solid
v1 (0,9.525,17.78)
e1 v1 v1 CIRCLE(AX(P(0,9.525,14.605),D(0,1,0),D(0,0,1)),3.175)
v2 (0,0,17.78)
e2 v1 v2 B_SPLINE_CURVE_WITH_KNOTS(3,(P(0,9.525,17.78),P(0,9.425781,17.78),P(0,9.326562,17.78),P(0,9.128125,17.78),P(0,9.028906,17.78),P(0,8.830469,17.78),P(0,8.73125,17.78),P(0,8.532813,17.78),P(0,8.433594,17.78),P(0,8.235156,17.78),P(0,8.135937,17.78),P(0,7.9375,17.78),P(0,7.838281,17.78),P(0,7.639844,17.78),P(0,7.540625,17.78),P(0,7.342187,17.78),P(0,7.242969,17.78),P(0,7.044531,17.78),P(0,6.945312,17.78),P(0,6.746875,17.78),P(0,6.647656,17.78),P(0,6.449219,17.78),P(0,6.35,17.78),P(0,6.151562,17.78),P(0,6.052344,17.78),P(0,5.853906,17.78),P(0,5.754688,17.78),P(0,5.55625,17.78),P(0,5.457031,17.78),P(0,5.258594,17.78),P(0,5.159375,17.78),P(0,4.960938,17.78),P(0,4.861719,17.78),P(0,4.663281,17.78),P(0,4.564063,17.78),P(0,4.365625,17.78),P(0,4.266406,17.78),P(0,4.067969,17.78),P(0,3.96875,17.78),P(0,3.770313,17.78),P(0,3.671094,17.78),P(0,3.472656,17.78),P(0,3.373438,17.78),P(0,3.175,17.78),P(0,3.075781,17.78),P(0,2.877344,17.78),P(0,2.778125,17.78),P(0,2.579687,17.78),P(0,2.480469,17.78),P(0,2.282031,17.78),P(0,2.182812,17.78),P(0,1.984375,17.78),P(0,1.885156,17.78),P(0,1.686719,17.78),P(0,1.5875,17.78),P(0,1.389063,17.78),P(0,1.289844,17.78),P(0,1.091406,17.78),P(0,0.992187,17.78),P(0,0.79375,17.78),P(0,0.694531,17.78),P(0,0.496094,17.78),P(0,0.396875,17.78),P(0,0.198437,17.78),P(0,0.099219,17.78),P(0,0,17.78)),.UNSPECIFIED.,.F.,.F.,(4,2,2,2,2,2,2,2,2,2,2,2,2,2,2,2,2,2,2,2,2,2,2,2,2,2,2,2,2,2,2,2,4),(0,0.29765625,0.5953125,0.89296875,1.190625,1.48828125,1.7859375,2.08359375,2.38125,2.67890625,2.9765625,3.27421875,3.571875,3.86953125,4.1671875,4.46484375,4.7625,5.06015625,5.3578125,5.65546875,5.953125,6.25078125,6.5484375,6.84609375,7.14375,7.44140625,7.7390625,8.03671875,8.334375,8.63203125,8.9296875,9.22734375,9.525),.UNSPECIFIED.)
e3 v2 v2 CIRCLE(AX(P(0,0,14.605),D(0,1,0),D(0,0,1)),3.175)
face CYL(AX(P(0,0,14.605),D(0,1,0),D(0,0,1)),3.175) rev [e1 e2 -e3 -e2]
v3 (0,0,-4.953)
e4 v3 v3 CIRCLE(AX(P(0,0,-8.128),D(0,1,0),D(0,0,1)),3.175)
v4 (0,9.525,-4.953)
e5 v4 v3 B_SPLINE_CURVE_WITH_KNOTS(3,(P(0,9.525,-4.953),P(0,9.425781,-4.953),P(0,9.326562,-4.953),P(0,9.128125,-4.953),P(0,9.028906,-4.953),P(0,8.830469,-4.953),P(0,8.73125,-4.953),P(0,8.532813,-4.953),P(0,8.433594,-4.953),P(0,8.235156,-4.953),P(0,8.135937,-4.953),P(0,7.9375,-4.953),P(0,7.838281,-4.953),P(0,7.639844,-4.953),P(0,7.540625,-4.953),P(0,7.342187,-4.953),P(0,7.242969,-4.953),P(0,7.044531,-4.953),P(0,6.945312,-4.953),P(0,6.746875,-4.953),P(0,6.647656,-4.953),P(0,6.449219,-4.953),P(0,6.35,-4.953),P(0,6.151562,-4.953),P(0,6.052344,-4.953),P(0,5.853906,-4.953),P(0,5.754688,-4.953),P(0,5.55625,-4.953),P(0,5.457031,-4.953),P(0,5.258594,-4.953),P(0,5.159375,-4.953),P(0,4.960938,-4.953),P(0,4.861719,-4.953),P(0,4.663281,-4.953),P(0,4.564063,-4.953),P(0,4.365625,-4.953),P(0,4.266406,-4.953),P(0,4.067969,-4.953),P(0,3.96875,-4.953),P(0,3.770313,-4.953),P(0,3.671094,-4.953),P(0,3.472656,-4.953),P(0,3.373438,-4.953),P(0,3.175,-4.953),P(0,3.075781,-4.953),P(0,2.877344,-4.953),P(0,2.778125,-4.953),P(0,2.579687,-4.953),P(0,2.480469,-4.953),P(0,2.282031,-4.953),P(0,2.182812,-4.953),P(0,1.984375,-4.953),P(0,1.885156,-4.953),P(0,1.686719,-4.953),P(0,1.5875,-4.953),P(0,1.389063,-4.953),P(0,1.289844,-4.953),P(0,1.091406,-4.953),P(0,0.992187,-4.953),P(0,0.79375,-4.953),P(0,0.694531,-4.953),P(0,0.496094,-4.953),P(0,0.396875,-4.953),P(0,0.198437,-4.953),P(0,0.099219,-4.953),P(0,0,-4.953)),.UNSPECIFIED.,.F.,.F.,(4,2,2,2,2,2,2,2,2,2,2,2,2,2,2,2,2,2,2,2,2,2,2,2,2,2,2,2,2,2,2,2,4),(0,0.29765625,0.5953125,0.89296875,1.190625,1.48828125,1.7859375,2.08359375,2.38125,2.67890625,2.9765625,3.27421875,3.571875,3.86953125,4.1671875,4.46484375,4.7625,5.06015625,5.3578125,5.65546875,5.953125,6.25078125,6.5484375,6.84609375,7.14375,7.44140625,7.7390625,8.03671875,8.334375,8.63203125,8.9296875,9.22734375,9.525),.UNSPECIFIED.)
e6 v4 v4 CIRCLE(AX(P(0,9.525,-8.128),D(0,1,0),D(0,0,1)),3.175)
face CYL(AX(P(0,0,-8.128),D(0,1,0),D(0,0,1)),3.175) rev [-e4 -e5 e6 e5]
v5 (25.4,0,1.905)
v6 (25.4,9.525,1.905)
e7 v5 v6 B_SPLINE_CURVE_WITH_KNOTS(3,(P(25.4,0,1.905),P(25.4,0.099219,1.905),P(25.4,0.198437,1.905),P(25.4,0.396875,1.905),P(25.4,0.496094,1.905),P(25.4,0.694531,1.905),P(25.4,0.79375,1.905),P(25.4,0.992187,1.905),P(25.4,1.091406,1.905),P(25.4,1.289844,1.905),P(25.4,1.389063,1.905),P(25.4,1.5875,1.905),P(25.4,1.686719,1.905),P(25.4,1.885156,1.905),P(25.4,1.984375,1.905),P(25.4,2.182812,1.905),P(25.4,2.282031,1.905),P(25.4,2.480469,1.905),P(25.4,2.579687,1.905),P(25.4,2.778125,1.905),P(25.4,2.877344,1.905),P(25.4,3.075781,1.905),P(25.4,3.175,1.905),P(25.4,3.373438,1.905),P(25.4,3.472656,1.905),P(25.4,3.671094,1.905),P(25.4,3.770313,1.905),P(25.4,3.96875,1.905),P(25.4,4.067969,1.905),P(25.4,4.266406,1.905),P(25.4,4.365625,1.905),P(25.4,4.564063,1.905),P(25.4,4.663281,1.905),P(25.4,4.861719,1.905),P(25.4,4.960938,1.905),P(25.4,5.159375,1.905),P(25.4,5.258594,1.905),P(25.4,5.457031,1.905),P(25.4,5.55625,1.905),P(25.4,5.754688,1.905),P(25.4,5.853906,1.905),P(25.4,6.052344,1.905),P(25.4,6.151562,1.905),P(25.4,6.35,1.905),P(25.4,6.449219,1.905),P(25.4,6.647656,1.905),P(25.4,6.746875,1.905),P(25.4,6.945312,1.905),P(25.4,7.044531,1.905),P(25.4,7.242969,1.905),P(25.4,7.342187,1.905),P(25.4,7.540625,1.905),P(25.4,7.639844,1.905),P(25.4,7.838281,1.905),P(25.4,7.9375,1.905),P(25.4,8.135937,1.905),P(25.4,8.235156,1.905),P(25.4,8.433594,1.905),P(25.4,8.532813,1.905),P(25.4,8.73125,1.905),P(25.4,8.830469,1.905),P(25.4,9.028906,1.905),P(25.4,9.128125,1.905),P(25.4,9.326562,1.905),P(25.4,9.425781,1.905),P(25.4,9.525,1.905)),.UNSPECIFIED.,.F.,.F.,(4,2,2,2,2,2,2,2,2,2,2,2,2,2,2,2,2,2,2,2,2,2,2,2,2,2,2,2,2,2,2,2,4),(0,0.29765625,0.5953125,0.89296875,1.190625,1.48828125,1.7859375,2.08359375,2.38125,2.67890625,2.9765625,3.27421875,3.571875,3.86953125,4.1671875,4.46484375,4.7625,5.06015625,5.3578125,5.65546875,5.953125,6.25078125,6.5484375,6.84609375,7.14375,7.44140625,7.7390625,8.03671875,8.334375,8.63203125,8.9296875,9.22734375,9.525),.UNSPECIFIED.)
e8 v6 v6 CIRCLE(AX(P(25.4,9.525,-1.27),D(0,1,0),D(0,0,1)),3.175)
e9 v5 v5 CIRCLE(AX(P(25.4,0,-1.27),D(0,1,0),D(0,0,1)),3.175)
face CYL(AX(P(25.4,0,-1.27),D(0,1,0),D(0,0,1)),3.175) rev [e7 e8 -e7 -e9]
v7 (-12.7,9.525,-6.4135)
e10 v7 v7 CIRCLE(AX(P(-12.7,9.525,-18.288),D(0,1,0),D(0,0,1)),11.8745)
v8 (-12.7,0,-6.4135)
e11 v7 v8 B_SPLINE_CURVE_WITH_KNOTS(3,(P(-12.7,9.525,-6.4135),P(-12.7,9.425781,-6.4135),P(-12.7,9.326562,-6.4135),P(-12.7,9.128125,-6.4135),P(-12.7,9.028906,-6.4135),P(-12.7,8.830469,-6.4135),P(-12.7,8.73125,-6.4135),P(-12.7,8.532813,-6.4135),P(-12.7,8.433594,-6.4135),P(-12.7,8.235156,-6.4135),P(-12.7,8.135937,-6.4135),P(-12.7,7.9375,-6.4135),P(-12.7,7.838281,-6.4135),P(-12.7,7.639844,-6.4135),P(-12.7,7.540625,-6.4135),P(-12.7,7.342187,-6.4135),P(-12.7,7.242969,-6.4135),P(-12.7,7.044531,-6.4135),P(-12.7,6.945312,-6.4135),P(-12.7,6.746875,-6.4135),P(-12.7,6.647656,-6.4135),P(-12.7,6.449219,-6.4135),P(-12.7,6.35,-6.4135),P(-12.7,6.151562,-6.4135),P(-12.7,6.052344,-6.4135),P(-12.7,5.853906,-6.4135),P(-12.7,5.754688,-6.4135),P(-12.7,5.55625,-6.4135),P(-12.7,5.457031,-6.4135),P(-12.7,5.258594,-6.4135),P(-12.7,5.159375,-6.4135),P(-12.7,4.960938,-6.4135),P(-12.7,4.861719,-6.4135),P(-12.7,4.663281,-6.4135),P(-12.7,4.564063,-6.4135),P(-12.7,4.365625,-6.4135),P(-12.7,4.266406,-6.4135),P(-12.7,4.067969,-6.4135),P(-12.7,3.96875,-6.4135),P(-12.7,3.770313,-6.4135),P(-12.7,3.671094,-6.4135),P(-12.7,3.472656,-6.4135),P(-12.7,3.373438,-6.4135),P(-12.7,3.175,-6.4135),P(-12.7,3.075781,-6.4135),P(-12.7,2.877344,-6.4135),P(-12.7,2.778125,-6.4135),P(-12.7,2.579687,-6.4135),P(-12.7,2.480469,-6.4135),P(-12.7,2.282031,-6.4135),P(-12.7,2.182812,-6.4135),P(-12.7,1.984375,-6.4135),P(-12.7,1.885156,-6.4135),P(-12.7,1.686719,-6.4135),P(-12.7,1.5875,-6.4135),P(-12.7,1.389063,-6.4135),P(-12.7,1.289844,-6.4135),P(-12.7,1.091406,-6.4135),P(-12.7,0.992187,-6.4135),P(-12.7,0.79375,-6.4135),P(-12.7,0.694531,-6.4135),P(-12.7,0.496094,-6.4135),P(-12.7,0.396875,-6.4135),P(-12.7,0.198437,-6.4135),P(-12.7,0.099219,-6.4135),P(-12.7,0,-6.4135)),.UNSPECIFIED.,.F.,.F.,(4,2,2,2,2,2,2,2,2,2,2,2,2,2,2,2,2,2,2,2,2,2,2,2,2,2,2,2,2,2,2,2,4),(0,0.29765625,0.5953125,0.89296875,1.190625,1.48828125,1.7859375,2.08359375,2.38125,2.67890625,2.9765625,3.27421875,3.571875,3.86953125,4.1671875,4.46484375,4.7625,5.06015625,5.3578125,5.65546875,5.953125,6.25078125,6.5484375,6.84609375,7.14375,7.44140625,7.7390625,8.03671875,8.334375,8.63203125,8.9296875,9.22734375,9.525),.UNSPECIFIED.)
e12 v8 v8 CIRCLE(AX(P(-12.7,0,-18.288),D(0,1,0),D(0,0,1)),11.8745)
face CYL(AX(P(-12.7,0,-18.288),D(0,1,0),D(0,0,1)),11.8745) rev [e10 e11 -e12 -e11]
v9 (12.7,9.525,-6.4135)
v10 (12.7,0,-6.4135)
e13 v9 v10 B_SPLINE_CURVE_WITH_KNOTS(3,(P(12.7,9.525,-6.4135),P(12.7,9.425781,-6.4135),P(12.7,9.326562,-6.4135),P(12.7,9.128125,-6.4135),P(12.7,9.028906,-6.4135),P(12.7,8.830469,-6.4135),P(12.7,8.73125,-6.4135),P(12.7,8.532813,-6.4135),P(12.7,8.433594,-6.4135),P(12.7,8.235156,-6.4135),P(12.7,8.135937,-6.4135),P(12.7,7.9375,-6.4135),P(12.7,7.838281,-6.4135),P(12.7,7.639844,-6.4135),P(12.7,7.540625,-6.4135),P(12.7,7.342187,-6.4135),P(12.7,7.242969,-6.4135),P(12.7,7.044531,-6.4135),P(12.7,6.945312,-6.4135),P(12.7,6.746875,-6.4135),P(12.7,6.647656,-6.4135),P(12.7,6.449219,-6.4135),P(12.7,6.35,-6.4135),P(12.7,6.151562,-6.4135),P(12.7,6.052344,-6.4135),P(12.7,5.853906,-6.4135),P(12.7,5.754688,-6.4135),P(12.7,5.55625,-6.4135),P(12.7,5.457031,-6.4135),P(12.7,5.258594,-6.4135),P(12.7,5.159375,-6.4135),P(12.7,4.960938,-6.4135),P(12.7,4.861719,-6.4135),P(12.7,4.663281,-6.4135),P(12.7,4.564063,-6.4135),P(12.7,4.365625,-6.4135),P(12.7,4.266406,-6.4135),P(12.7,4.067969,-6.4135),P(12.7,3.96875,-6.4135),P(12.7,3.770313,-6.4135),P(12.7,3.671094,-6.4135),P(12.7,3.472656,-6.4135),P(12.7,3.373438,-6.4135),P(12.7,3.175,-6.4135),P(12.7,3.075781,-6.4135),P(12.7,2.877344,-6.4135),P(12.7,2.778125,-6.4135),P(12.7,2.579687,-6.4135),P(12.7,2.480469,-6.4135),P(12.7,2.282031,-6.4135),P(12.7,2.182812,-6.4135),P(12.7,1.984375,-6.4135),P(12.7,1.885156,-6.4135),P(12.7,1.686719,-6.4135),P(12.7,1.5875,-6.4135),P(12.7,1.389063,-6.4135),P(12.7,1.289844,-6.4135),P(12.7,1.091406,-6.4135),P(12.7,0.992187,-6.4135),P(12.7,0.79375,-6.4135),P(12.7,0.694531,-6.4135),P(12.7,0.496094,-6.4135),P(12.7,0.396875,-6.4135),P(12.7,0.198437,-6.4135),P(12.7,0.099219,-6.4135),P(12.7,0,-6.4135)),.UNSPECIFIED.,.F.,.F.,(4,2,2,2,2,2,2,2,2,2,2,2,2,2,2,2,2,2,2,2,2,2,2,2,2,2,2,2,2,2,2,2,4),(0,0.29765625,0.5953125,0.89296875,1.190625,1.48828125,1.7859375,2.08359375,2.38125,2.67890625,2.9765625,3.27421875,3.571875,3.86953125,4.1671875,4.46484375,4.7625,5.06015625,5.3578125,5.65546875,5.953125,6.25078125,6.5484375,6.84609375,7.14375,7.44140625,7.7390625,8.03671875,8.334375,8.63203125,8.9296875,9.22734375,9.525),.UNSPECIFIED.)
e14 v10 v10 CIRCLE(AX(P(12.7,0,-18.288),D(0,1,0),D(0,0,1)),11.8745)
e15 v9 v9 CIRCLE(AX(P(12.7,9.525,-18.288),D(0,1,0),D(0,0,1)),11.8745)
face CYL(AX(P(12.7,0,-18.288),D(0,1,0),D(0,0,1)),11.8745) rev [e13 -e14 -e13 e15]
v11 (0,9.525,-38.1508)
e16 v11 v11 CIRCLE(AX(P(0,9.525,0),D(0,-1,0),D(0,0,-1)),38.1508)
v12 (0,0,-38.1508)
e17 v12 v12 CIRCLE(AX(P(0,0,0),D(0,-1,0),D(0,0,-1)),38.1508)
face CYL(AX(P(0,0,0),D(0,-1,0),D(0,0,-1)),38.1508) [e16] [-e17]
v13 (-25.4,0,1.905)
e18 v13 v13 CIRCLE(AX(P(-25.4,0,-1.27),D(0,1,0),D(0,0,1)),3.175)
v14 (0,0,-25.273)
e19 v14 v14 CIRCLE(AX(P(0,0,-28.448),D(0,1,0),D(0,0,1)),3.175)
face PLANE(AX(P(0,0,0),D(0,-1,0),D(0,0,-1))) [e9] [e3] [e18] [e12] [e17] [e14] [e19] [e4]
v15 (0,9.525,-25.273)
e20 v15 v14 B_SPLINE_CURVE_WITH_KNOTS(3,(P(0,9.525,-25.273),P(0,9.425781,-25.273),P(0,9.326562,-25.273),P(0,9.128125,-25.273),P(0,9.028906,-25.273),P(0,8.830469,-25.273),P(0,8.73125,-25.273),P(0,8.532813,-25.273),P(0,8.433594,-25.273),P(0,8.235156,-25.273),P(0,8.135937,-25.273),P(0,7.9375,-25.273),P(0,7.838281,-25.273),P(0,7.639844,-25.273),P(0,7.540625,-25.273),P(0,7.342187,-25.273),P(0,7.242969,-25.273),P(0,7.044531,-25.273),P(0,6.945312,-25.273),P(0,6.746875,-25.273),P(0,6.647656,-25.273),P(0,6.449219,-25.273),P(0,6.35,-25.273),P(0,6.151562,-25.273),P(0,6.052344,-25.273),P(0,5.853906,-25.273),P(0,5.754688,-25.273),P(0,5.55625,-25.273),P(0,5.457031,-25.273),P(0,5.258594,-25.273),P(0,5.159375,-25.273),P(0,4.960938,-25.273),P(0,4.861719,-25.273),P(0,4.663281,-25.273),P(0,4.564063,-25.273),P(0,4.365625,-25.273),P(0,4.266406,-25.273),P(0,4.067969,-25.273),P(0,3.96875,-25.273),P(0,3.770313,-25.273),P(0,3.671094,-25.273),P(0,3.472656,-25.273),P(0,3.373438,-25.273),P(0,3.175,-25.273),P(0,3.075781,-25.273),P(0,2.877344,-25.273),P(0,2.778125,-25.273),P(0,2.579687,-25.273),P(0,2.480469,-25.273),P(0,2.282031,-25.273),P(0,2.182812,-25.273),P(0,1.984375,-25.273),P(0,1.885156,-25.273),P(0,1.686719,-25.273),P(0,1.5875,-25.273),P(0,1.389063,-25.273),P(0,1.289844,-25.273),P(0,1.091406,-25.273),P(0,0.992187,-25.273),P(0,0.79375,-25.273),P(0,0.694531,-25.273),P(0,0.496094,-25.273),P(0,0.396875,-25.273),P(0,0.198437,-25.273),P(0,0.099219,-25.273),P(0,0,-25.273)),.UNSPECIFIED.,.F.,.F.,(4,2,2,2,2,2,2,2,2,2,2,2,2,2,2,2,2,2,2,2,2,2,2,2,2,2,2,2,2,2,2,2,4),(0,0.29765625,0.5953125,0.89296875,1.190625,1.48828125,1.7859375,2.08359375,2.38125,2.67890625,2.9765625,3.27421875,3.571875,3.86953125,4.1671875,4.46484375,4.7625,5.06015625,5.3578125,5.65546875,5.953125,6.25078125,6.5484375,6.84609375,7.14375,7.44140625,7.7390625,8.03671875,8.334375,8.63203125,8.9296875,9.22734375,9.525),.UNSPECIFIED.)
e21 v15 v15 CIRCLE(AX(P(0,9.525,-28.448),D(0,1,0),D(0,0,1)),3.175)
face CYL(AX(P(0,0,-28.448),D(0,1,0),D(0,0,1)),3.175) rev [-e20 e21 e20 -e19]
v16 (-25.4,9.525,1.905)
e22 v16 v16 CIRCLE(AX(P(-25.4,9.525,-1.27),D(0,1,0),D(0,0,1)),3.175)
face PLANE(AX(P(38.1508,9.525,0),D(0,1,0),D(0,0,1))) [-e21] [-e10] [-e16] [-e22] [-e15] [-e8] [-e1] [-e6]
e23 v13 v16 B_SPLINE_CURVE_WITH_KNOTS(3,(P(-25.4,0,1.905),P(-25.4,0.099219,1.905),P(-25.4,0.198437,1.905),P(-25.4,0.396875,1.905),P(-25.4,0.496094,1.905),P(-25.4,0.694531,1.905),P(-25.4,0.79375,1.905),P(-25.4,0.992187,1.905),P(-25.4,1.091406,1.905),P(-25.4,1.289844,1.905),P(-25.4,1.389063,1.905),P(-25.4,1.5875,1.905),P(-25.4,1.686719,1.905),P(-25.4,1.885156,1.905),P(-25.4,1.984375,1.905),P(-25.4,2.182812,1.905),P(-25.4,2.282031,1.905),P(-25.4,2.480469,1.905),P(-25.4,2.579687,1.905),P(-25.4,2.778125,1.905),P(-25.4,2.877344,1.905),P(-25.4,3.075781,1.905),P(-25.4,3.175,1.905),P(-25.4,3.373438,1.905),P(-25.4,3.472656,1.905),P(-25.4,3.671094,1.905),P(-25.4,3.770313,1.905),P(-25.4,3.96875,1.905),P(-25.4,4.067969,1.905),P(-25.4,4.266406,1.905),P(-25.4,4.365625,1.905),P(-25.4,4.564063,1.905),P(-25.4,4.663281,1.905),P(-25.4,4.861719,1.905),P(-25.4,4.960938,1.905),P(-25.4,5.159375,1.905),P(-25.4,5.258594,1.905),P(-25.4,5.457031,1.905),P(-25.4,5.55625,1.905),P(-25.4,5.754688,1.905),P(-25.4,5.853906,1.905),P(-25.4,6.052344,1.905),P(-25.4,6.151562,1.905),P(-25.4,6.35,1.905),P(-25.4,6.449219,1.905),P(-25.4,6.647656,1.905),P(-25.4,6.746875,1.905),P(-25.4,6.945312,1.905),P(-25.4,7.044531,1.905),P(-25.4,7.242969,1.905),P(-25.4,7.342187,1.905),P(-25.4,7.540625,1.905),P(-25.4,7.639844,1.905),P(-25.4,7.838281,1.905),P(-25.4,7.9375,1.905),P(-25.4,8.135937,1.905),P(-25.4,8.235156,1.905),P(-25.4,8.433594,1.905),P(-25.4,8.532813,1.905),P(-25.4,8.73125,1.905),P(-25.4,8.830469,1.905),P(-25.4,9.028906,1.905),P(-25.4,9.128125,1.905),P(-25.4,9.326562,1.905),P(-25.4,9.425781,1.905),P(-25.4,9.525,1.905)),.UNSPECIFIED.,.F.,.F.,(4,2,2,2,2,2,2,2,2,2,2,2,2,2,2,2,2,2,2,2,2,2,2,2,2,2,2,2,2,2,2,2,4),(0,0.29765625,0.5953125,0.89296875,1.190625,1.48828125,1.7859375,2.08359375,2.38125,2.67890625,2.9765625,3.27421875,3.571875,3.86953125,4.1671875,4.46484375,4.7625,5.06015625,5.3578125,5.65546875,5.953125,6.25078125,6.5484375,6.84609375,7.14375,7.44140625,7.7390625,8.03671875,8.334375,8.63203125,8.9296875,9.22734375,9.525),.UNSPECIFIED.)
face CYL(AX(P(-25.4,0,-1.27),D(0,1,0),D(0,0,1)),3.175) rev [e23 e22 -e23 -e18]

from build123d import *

# Parameters (mm, degrees)
SKETCH1_W               = 38.1508
SKETCH1_H               = 9.525
CUT_EXTRUDE1_DEPTH      = 55.787705795
CUT_EXTRUDE1_DEPTH_BACK = 55.787705795
SKETCH2_R               = 11.8745
SKETCH2_R_2             = 3.175
CUT_EXTRUDE2_DEPTH      = 55.787705795
CUT_EXTRUDE2_DEPTH_BACK = 55.787705795
SKETCH3_R               = 3.175


with BuildPart() as part:
    # Sketch1 → Revolve1 (revolve)
    with BuildSketch(Plane.XY):
        with Locations((19.0754, 4.7625)):
            Rectangle(SKETCH1_W, SKETCH1_H)
    revolve(axis=Axis((0, 0, 0), (0, 1, 0)))

    # Sketch2 → Cut-Extrude1 (cut, two sides: drawn at the far end of the back side and taken through both)
    with BuildSketch(Plane(origin=(0, 9.525, 0), x_dir=(1, 0, 0), z_dir=(0, 1, 0)).offset(-CUT_EXTRUDE1_DEPTH_BACK)):
        with Locations((-12.7, 18.288)):
            Circle(SKETCH2_R)
        with Locations((12.7, 18.288)):
            Circle(SKETCH2_R)
        with Locations((0, 28.448)):
            Circle(SKETCH2_R_2)
        with Locations((0, 8.128)):
            Circle(SKETCH2_R_2)
        with Locations((0, -14.605)):
            Circle(SKETCH2_R_2)
    extrude(amount=CUT_EXTRUDE1_DEPTH + CUT_EXTRUDE1_DEPTH_BACK, mode=Mode.SUBTRACT)

    # Sketch3 → Cut-Extrude2 (cut, two sides: drawn at the far end of the back side and taken through both)
    with BuildSketch(Plane(origin=(0, 9.525, 0), x_dir=(1, 0, 0), z_dir=(0, 1, 0)).offset(-CUT_EXTRUDE2_DEPTH_BACK)):
        with Locations((-25.4, 1.27)):
            Circle(SKETCH3_R)
        with Locations((25.4, 1.27)):
            Circle(SKETCH3_R)
    extrude(amount=CUT_EXTRUDE2_DEPTH + CUT_EXTRUDE2_DEPTH_BACK, mode=Mode.SUBTRACT)


solid = part.part
